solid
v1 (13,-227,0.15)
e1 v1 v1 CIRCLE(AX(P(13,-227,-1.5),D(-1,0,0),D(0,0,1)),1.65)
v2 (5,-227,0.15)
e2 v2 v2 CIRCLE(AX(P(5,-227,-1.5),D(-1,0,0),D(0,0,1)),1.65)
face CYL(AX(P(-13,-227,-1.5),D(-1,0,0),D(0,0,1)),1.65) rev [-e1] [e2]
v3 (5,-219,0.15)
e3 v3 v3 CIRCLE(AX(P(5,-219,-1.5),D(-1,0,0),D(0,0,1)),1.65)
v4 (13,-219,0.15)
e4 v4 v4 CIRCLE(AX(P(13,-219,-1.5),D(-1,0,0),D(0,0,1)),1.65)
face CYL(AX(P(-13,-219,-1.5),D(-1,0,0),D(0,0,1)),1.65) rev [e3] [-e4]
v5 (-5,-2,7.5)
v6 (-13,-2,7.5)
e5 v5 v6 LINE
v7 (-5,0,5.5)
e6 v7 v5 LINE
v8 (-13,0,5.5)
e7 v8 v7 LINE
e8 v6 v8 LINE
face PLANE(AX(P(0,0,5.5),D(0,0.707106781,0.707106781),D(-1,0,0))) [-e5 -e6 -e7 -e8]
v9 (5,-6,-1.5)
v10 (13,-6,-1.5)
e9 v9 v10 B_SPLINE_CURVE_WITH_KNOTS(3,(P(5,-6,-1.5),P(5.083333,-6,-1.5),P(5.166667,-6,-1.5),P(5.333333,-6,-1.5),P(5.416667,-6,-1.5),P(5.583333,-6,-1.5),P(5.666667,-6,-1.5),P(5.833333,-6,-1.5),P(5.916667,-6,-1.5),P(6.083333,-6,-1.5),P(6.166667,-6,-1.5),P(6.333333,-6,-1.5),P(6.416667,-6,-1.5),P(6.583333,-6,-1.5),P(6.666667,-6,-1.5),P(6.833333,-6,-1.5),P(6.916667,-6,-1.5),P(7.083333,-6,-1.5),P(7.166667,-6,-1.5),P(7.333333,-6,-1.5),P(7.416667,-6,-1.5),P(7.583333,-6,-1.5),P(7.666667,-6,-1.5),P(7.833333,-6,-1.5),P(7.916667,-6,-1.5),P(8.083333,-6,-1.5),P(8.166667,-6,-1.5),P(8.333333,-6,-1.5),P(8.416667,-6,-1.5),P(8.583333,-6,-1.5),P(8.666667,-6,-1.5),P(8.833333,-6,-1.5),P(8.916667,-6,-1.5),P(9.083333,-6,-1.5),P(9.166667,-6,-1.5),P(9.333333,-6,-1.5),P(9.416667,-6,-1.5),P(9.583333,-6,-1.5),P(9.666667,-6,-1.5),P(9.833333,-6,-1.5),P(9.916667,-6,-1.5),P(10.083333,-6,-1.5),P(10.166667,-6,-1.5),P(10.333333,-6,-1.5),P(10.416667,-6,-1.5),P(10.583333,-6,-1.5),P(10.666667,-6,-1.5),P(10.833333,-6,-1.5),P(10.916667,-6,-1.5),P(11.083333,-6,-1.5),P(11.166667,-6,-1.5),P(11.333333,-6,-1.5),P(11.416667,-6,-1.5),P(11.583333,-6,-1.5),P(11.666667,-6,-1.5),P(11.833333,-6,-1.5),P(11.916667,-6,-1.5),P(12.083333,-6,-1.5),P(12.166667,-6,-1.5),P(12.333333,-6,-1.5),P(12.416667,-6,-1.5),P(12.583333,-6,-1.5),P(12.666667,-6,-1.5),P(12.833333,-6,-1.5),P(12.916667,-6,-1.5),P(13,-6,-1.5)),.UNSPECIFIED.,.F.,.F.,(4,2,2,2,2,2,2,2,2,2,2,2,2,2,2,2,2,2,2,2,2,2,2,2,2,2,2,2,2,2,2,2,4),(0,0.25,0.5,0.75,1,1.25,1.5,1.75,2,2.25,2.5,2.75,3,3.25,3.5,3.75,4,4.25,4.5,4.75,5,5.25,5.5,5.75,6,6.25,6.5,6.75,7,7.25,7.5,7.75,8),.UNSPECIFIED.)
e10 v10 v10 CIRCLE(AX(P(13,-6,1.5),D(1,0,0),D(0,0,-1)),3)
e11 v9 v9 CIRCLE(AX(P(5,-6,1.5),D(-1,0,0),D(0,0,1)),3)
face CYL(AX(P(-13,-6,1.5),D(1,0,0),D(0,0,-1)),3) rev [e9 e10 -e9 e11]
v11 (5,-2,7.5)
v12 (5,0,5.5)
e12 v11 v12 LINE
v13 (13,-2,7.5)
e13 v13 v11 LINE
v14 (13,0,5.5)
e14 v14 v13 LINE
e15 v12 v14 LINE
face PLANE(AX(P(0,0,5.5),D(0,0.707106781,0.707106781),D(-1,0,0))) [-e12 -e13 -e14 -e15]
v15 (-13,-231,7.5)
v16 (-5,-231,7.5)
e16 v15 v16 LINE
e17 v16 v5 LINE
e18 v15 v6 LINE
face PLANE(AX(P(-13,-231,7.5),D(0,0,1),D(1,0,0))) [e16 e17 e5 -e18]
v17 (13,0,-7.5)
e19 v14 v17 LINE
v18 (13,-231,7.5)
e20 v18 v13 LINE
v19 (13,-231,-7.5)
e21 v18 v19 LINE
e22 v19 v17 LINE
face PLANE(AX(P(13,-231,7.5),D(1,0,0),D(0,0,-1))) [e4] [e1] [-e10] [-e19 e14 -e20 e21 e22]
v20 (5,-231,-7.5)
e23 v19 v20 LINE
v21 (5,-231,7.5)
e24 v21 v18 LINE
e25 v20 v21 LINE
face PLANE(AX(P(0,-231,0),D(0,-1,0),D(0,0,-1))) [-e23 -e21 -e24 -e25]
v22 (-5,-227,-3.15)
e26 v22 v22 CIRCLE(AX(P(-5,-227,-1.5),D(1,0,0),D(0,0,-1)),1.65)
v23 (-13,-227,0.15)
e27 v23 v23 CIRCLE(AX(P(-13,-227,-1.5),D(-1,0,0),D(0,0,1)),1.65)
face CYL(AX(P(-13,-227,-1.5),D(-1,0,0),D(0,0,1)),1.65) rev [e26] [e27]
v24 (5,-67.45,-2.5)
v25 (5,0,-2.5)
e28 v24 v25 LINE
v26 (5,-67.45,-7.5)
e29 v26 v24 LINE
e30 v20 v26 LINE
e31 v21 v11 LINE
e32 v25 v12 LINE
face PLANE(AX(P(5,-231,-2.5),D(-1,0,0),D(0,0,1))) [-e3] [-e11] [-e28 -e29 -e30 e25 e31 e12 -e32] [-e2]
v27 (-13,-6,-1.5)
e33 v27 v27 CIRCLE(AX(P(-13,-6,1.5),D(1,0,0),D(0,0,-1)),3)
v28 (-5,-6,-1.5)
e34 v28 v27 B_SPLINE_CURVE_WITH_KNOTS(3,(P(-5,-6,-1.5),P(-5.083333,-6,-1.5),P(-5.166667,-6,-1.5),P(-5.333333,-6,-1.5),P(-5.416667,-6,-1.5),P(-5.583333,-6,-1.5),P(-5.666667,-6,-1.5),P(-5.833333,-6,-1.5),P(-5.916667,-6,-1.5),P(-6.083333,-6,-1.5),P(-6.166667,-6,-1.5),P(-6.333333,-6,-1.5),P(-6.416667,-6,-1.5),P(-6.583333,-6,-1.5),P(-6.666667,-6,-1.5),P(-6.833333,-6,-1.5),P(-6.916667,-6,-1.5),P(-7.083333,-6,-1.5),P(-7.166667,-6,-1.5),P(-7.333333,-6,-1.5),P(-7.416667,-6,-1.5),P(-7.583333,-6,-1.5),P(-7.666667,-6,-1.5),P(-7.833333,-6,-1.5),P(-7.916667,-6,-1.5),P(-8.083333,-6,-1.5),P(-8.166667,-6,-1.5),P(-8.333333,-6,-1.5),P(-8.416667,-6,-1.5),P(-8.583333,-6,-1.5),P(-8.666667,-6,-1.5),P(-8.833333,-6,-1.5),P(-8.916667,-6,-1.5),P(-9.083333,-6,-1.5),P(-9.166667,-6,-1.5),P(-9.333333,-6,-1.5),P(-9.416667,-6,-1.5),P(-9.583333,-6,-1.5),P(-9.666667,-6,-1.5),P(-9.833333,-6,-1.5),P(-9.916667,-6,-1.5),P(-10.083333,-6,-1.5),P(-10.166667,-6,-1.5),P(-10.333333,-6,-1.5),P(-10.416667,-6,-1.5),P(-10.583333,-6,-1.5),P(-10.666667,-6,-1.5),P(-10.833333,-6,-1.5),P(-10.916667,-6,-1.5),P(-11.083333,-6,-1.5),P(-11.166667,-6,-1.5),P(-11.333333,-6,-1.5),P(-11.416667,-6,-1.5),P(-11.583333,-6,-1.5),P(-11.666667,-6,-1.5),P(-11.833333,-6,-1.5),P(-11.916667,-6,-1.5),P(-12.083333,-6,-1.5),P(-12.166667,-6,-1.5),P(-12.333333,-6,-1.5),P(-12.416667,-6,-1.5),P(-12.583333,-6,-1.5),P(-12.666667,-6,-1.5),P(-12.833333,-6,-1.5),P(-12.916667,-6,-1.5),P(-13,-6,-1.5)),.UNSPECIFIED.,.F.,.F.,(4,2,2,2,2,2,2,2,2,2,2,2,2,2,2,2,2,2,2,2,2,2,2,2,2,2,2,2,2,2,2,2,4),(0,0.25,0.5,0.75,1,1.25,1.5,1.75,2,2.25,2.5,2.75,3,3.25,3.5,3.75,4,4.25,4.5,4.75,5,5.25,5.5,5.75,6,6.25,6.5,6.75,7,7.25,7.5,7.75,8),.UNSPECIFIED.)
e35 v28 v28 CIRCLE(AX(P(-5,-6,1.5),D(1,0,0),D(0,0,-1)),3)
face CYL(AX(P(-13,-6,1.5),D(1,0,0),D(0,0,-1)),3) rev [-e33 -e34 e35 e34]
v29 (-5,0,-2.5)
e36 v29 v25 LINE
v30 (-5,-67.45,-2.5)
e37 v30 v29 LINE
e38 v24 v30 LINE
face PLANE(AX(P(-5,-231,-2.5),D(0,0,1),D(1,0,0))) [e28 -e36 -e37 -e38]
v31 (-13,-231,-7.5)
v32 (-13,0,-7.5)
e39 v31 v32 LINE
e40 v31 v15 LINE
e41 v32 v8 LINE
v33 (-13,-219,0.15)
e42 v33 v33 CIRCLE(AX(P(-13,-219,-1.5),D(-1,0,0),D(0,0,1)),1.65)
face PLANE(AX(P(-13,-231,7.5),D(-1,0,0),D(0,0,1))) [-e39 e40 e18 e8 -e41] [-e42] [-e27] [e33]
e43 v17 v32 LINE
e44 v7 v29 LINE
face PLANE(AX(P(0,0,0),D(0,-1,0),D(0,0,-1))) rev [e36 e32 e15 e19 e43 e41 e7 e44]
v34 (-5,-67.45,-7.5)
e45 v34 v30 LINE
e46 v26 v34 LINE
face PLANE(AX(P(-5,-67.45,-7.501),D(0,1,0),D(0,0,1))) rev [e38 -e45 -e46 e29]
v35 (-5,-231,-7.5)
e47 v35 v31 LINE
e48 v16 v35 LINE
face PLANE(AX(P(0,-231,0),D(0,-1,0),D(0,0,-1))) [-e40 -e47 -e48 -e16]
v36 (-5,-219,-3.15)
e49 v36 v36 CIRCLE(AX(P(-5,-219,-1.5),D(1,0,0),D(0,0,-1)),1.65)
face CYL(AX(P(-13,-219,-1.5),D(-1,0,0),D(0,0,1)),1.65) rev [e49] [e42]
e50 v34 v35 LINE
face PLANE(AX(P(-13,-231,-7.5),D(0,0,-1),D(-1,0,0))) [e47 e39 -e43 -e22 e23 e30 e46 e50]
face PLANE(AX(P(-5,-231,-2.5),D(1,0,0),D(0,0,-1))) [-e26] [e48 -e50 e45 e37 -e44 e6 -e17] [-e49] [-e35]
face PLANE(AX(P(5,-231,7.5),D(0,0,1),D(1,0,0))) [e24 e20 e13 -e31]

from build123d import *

# Parameters (mm, degrees)
EXTRUDE_1_DEPTH     = 231
SKETCH_2_R          = 3
CUT_EXTRUDE_1_DEPTH = 233.579556281
HOLE_WIZARD_M4_1_D  = 3.3
CHAMFER_1_SIZE      = 2
CUT_EXTRUDE_3_REACH = 233.582
SKETCH_8_W          = 10
SKETCH_8_H          = 168.002742078


with BuildPart() as part:
    # 草图1 → 凸台-拉伸1 (new body)
    with BuildSketch(Plane(origin=(0, 0, 0), x_dir=(1, 0, 0), z_dir=(0, 1, 0))):
        Polygon((-13, -7.5), (-5, -7.5), (-5, 2.5), (5, 2.5), (5, -7.5), (13, -7.5), (13, 7.5), (-13, 7.5), align=None)
    extrude(amount=-EXTRUDE_1_DEPTH)

    # 草图2 → 切除-拉伸1 (cut, through all)
    with BuildSketch(Plane(origin=(13, 0, 0), x_dir=(0, 0, -1), z_dir=(1, 0, 0))):
        with Locations((-1.5, -6)):
            Circle(SKETCH_2_R)
    extrude(amount=-CUT_EXTRUDE_1_DEPTH, mode=Mode.SUBTRACT)

    # M4 螺纹孔1 (through all)
    with Locations(Plane.ZY.offset(13)):
        with Locations((-1.5, -227), (-1.5, -219)):
            Hole(HOLE_WIZARD_M4_1_D / 2)

    # 倒角1
    chamfer_1_edges = [part.edges().sort_by_distance(p)[0] for p in [
        (9, 0, 7.5),
        (-9, 0, 7.5),
    ]]
    chamfer(chamfer_1_edges, length=CHAMFER_1_SIZE)

    # 草图8 → 切除-拉伸3 (cut, up to next)
    with BuildSketch(Plane.XY.offset(-2.5), mode=Mode.PRIVATE) as cut_extrude_3_sk1:
        with Locations((0, -151.451371039)):
            Rectangle(SKETCH_8_W, SKETCH_8_H)
    cut_extrude_3_tool1 = extrude(cut_extrude_3_sk1.sketch, amount=-CUT_EXTRUDE_3_REACH, mode=Mode.PRIVATE) & part.part
    add(cut_extrude_3_tool1.solids().sort_by_distance((0, -151.451371, -2.5))[0], mode=Mode.SUBTRACT)


solid = part.part
